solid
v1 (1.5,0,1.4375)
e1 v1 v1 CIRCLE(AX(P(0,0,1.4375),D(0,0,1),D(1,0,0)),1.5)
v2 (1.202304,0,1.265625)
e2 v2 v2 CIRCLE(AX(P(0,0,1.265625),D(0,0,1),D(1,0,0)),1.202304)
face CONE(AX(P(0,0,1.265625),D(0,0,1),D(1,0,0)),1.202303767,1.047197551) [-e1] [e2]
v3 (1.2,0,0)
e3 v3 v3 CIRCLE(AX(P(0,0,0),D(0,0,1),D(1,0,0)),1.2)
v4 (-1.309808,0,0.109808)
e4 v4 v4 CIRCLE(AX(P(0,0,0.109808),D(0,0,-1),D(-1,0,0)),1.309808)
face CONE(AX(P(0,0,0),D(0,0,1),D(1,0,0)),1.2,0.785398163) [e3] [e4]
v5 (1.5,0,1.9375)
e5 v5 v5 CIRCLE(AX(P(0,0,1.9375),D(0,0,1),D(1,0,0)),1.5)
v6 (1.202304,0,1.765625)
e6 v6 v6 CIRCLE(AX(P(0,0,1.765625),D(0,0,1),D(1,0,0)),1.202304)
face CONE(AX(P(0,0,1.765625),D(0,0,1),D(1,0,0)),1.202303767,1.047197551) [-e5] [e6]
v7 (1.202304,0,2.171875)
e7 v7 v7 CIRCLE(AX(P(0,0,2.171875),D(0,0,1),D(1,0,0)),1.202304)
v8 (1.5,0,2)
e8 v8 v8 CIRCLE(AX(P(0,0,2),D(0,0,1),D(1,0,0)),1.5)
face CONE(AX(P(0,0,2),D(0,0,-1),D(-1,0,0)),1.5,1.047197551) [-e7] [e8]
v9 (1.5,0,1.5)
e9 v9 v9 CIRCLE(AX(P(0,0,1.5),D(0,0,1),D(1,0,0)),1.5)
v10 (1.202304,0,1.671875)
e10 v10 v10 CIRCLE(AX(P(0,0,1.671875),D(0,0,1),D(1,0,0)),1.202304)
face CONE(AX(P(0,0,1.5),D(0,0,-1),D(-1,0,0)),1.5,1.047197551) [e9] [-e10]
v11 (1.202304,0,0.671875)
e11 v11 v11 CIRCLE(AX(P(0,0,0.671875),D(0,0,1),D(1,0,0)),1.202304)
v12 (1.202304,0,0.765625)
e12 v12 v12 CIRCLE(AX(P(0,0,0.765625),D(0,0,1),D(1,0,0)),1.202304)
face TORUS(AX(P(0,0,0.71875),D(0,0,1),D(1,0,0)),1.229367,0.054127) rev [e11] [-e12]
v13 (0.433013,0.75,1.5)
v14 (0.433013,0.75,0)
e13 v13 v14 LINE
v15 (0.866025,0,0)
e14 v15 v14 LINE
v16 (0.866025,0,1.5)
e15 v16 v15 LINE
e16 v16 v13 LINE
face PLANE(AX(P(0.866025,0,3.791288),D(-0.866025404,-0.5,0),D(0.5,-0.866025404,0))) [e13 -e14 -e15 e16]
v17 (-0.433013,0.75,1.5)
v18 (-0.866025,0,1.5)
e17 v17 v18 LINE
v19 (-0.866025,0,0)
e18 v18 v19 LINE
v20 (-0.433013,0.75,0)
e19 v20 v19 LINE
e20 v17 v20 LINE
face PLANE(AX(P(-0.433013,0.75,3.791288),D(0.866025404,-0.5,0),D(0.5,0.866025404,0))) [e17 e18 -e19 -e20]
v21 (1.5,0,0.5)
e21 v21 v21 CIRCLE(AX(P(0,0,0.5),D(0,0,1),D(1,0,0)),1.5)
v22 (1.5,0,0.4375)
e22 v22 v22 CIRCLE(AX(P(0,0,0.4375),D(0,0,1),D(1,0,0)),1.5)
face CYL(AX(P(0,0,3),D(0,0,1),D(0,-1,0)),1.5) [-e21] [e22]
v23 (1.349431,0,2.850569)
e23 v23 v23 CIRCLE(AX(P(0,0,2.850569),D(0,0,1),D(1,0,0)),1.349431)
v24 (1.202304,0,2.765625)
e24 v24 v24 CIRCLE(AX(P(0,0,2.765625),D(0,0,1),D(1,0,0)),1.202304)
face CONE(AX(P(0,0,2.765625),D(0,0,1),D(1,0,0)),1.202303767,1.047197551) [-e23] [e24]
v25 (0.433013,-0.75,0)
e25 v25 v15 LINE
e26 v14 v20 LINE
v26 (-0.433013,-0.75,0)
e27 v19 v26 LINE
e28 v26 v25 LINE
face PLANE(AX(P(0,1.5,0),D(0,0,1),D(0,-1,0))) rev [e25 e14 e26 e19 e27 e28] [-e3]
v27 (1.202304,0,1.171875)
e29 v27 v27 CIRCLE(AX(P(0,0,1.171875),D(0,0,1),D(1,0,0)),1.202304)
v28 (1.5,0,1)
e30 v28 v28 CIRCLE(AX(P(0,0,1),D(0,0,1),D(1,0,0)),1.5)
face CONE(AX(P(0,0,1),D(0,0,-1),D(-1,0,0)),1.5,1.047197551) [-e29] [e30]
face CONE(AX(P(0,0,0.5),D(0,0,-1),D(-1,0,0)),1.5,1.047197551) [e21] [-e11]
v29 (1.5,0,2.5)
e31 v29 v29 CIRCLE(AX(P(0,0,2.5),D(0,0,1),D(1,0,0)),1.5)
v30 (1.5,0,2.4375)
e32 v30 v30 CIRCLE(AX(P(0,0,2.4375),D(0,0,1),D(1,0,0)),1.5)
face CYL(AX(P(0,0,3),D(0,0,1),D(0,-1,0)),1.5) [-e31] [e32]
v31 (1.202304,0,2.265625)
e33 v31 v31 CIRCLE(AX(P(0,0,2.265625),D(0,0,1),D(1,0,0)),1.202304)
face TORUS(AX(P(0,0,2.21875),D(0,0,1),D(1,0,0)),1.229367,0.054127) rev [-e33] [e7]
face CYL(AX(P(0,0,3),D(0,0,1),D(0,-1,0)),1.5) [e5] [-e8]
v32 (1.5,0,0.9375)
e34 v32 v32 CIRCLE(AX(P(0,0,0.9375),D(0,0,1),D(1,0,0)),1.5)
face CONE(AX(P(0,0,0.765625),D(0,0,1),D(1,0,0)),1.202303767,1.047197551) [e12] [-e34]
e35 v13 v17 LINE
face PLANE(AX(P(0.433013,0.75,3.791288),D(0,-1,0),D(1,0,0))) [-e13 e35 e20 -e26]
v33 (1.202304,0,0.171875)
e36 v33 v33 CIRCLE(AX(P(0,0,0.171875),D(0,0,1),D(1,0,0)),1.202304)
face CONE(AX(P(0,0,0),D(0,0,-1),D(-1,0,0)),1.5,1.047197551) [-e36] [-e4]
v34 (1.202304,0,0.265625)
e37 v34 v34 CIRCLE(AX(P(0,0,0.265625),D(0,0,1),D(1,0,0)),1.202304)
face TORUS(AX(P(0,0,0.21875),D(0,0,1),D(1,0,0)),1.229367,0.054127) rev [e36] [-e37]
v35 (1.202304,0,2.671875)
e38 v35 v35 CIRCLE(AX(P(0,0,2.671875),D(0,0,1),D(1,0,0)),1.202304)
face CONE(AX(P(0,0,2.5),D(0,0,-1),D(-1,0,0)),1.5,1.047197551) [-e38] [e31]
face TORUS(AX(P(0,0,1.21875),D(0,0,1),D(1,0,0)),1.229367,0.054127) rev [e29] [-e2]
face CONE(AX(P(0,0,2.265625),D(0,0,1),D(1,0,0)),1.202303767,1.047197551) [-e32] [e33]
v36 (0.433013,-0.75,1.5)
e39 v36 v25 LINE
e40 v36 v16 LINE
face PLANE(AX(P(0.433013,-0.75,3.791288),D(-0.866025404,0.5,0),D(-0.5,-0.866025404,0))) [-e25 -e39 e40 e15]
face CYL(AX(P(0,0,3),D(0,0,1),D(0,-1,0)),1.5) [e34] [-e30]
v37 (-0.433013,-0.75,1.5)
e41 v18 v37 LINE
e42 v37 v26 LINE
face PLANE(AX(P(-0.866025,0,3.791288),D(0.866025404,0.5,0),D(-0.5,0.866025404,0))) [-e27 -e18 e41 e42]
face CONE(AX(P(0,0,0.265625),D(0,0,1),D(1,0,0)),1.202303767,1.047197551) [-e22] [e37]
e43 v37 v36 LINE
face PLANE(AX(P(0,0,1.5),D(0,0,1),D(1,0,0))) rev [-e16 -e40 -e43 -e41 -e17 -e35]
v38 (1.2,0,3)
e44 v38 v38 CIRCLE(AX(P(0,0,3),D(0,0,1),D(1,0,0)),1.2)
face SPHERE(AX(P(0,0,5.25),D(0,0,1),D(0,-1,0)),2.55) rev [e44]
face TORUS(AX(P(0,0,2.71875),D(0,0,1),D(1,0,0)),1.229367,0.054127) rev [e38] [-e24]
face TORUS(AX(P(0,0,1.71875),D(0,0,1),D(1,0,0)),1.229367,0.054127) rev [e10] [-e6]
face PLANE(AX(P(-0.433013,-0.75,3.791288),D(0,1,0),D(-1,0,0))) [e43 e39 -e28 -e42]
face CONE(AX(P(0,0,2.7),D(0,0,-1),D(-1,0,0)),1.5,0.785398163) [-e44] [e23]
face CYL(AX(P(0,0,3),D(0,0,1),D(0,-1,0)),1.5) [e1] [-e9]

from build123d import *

# Parameters (mm, degrees)
SKETCH5_W           = 3
SKETCH5_H           = 1.5
THREAD_SIMPLE_COUNT = 7
THREAD_SIMPLE_PITCH = 0.5
CUT_HEAD_KEY_DEPTH  = 1.5


with BuildPart() as part:
    # Sketch5 → body (revolve)
    with BuildSketch(Plane(origin=(0, 0, 0), x_dir=(0, 0, -1), z_dir=(1, 0, 0))):
        with Locations((-1.5, 0.75)):
            Rectangle(SKETCH5_W, SKETCH5_H)
    revolve(axis=Axis((0, 0, 3), (0, 0, -1)))

    # Sketch11 → cut-chamfer-start (revolve, cut)
    with BuildSketch(Plane(origin=(0, 0, 0), x_dir=(0, 0, -1), z_dir=(1, 0, 0))):
        Polygon((-3, -1.5), (-3, -1.2), (-2.7, -1.5), align=None)
    revolve(axis=Axis((0, 0, 3), (0, 0, -1)), mode=Mode.SUBTRACT)

    # Sketch13 → cut-chamfer-end (revolve, cut)
    with BuildSketch(Plane(origin=(0, 0, 0), x_dir=(0, 0, -1), z_dir=(1, 0, 0))):
        Polygon((0, -1.5), (-0.3, -1.5), (0, -1.2), align=None)
    revolve(axis=Axis((0, 0, 3), (0, 0, -1)), mode=Mode.SUBTRACT)

    # Sketch8 → thread-single (revolve, cut)
    with BuildSketch(Plane(origin=(0, 0, 0), x_dir=(0, 0, -1), z_dir=(1, 0, 0))):
        with BuildLine():
            Line((-0.4375, -1.5), (0, -1.5))
            Line((0, -1.5), (-0.171875, -1.202303767))
            ThreePointArc((-0.171875, -1.202303767), (-0.21875, -1.175240474), (-0.265625, -1.202303767))
            Line((-0.265625, -1.202303767), (-0.4375, -1.5))
        make_face()
    thread_single = revolve(axis=Axis((0, 0, 3), (0, 0, -1)), mode=Mode.SUBTRACT)

    # thread-simple: thread-single ×7
    with Locations(*[(0, 0, i * THREAD_SIMPLE_PITCH) for i in range(1, THREAD_SIMPLE_COUNT)]):
        add(thread_single, mode=Mode.SUBTRACT)

    # Sketch25 → cut-head-key (cut)
    with BuildSketch(Plane.XY):
        Polygon((0.433012702, 0.75), (-0.433012702, 0.75), (-0.866025404, 0), (-0.433012702, -0.75), (0.433012702, -0.75), (0.866025404, 0), align=None)
    extrude(amount=CUT_HEAD_KEY_DEPTH, mode=Mode.SUBTRACT)

    # Sketch26 → cut-buttom (revolve, cut)
    with BuildSketch(Plane(origin=(0, 0, 0), x_dir=(0, 0, -1), z_dir=(1, 0, 0))):
        with BuildLine():
            Line((-3, 0), (-3, -1.2))
            ThreePointArc((-3, -1.2), (-2.776136625, -0.618465844), (-2.7, 0))
            Line((-2.7, 0), (-3, 0))
        make_face()
    revolve(axis=Axis((0, 0, 3), (0, 0, -1)), mode=Mode.SUBTRACT)


solid = part.part
